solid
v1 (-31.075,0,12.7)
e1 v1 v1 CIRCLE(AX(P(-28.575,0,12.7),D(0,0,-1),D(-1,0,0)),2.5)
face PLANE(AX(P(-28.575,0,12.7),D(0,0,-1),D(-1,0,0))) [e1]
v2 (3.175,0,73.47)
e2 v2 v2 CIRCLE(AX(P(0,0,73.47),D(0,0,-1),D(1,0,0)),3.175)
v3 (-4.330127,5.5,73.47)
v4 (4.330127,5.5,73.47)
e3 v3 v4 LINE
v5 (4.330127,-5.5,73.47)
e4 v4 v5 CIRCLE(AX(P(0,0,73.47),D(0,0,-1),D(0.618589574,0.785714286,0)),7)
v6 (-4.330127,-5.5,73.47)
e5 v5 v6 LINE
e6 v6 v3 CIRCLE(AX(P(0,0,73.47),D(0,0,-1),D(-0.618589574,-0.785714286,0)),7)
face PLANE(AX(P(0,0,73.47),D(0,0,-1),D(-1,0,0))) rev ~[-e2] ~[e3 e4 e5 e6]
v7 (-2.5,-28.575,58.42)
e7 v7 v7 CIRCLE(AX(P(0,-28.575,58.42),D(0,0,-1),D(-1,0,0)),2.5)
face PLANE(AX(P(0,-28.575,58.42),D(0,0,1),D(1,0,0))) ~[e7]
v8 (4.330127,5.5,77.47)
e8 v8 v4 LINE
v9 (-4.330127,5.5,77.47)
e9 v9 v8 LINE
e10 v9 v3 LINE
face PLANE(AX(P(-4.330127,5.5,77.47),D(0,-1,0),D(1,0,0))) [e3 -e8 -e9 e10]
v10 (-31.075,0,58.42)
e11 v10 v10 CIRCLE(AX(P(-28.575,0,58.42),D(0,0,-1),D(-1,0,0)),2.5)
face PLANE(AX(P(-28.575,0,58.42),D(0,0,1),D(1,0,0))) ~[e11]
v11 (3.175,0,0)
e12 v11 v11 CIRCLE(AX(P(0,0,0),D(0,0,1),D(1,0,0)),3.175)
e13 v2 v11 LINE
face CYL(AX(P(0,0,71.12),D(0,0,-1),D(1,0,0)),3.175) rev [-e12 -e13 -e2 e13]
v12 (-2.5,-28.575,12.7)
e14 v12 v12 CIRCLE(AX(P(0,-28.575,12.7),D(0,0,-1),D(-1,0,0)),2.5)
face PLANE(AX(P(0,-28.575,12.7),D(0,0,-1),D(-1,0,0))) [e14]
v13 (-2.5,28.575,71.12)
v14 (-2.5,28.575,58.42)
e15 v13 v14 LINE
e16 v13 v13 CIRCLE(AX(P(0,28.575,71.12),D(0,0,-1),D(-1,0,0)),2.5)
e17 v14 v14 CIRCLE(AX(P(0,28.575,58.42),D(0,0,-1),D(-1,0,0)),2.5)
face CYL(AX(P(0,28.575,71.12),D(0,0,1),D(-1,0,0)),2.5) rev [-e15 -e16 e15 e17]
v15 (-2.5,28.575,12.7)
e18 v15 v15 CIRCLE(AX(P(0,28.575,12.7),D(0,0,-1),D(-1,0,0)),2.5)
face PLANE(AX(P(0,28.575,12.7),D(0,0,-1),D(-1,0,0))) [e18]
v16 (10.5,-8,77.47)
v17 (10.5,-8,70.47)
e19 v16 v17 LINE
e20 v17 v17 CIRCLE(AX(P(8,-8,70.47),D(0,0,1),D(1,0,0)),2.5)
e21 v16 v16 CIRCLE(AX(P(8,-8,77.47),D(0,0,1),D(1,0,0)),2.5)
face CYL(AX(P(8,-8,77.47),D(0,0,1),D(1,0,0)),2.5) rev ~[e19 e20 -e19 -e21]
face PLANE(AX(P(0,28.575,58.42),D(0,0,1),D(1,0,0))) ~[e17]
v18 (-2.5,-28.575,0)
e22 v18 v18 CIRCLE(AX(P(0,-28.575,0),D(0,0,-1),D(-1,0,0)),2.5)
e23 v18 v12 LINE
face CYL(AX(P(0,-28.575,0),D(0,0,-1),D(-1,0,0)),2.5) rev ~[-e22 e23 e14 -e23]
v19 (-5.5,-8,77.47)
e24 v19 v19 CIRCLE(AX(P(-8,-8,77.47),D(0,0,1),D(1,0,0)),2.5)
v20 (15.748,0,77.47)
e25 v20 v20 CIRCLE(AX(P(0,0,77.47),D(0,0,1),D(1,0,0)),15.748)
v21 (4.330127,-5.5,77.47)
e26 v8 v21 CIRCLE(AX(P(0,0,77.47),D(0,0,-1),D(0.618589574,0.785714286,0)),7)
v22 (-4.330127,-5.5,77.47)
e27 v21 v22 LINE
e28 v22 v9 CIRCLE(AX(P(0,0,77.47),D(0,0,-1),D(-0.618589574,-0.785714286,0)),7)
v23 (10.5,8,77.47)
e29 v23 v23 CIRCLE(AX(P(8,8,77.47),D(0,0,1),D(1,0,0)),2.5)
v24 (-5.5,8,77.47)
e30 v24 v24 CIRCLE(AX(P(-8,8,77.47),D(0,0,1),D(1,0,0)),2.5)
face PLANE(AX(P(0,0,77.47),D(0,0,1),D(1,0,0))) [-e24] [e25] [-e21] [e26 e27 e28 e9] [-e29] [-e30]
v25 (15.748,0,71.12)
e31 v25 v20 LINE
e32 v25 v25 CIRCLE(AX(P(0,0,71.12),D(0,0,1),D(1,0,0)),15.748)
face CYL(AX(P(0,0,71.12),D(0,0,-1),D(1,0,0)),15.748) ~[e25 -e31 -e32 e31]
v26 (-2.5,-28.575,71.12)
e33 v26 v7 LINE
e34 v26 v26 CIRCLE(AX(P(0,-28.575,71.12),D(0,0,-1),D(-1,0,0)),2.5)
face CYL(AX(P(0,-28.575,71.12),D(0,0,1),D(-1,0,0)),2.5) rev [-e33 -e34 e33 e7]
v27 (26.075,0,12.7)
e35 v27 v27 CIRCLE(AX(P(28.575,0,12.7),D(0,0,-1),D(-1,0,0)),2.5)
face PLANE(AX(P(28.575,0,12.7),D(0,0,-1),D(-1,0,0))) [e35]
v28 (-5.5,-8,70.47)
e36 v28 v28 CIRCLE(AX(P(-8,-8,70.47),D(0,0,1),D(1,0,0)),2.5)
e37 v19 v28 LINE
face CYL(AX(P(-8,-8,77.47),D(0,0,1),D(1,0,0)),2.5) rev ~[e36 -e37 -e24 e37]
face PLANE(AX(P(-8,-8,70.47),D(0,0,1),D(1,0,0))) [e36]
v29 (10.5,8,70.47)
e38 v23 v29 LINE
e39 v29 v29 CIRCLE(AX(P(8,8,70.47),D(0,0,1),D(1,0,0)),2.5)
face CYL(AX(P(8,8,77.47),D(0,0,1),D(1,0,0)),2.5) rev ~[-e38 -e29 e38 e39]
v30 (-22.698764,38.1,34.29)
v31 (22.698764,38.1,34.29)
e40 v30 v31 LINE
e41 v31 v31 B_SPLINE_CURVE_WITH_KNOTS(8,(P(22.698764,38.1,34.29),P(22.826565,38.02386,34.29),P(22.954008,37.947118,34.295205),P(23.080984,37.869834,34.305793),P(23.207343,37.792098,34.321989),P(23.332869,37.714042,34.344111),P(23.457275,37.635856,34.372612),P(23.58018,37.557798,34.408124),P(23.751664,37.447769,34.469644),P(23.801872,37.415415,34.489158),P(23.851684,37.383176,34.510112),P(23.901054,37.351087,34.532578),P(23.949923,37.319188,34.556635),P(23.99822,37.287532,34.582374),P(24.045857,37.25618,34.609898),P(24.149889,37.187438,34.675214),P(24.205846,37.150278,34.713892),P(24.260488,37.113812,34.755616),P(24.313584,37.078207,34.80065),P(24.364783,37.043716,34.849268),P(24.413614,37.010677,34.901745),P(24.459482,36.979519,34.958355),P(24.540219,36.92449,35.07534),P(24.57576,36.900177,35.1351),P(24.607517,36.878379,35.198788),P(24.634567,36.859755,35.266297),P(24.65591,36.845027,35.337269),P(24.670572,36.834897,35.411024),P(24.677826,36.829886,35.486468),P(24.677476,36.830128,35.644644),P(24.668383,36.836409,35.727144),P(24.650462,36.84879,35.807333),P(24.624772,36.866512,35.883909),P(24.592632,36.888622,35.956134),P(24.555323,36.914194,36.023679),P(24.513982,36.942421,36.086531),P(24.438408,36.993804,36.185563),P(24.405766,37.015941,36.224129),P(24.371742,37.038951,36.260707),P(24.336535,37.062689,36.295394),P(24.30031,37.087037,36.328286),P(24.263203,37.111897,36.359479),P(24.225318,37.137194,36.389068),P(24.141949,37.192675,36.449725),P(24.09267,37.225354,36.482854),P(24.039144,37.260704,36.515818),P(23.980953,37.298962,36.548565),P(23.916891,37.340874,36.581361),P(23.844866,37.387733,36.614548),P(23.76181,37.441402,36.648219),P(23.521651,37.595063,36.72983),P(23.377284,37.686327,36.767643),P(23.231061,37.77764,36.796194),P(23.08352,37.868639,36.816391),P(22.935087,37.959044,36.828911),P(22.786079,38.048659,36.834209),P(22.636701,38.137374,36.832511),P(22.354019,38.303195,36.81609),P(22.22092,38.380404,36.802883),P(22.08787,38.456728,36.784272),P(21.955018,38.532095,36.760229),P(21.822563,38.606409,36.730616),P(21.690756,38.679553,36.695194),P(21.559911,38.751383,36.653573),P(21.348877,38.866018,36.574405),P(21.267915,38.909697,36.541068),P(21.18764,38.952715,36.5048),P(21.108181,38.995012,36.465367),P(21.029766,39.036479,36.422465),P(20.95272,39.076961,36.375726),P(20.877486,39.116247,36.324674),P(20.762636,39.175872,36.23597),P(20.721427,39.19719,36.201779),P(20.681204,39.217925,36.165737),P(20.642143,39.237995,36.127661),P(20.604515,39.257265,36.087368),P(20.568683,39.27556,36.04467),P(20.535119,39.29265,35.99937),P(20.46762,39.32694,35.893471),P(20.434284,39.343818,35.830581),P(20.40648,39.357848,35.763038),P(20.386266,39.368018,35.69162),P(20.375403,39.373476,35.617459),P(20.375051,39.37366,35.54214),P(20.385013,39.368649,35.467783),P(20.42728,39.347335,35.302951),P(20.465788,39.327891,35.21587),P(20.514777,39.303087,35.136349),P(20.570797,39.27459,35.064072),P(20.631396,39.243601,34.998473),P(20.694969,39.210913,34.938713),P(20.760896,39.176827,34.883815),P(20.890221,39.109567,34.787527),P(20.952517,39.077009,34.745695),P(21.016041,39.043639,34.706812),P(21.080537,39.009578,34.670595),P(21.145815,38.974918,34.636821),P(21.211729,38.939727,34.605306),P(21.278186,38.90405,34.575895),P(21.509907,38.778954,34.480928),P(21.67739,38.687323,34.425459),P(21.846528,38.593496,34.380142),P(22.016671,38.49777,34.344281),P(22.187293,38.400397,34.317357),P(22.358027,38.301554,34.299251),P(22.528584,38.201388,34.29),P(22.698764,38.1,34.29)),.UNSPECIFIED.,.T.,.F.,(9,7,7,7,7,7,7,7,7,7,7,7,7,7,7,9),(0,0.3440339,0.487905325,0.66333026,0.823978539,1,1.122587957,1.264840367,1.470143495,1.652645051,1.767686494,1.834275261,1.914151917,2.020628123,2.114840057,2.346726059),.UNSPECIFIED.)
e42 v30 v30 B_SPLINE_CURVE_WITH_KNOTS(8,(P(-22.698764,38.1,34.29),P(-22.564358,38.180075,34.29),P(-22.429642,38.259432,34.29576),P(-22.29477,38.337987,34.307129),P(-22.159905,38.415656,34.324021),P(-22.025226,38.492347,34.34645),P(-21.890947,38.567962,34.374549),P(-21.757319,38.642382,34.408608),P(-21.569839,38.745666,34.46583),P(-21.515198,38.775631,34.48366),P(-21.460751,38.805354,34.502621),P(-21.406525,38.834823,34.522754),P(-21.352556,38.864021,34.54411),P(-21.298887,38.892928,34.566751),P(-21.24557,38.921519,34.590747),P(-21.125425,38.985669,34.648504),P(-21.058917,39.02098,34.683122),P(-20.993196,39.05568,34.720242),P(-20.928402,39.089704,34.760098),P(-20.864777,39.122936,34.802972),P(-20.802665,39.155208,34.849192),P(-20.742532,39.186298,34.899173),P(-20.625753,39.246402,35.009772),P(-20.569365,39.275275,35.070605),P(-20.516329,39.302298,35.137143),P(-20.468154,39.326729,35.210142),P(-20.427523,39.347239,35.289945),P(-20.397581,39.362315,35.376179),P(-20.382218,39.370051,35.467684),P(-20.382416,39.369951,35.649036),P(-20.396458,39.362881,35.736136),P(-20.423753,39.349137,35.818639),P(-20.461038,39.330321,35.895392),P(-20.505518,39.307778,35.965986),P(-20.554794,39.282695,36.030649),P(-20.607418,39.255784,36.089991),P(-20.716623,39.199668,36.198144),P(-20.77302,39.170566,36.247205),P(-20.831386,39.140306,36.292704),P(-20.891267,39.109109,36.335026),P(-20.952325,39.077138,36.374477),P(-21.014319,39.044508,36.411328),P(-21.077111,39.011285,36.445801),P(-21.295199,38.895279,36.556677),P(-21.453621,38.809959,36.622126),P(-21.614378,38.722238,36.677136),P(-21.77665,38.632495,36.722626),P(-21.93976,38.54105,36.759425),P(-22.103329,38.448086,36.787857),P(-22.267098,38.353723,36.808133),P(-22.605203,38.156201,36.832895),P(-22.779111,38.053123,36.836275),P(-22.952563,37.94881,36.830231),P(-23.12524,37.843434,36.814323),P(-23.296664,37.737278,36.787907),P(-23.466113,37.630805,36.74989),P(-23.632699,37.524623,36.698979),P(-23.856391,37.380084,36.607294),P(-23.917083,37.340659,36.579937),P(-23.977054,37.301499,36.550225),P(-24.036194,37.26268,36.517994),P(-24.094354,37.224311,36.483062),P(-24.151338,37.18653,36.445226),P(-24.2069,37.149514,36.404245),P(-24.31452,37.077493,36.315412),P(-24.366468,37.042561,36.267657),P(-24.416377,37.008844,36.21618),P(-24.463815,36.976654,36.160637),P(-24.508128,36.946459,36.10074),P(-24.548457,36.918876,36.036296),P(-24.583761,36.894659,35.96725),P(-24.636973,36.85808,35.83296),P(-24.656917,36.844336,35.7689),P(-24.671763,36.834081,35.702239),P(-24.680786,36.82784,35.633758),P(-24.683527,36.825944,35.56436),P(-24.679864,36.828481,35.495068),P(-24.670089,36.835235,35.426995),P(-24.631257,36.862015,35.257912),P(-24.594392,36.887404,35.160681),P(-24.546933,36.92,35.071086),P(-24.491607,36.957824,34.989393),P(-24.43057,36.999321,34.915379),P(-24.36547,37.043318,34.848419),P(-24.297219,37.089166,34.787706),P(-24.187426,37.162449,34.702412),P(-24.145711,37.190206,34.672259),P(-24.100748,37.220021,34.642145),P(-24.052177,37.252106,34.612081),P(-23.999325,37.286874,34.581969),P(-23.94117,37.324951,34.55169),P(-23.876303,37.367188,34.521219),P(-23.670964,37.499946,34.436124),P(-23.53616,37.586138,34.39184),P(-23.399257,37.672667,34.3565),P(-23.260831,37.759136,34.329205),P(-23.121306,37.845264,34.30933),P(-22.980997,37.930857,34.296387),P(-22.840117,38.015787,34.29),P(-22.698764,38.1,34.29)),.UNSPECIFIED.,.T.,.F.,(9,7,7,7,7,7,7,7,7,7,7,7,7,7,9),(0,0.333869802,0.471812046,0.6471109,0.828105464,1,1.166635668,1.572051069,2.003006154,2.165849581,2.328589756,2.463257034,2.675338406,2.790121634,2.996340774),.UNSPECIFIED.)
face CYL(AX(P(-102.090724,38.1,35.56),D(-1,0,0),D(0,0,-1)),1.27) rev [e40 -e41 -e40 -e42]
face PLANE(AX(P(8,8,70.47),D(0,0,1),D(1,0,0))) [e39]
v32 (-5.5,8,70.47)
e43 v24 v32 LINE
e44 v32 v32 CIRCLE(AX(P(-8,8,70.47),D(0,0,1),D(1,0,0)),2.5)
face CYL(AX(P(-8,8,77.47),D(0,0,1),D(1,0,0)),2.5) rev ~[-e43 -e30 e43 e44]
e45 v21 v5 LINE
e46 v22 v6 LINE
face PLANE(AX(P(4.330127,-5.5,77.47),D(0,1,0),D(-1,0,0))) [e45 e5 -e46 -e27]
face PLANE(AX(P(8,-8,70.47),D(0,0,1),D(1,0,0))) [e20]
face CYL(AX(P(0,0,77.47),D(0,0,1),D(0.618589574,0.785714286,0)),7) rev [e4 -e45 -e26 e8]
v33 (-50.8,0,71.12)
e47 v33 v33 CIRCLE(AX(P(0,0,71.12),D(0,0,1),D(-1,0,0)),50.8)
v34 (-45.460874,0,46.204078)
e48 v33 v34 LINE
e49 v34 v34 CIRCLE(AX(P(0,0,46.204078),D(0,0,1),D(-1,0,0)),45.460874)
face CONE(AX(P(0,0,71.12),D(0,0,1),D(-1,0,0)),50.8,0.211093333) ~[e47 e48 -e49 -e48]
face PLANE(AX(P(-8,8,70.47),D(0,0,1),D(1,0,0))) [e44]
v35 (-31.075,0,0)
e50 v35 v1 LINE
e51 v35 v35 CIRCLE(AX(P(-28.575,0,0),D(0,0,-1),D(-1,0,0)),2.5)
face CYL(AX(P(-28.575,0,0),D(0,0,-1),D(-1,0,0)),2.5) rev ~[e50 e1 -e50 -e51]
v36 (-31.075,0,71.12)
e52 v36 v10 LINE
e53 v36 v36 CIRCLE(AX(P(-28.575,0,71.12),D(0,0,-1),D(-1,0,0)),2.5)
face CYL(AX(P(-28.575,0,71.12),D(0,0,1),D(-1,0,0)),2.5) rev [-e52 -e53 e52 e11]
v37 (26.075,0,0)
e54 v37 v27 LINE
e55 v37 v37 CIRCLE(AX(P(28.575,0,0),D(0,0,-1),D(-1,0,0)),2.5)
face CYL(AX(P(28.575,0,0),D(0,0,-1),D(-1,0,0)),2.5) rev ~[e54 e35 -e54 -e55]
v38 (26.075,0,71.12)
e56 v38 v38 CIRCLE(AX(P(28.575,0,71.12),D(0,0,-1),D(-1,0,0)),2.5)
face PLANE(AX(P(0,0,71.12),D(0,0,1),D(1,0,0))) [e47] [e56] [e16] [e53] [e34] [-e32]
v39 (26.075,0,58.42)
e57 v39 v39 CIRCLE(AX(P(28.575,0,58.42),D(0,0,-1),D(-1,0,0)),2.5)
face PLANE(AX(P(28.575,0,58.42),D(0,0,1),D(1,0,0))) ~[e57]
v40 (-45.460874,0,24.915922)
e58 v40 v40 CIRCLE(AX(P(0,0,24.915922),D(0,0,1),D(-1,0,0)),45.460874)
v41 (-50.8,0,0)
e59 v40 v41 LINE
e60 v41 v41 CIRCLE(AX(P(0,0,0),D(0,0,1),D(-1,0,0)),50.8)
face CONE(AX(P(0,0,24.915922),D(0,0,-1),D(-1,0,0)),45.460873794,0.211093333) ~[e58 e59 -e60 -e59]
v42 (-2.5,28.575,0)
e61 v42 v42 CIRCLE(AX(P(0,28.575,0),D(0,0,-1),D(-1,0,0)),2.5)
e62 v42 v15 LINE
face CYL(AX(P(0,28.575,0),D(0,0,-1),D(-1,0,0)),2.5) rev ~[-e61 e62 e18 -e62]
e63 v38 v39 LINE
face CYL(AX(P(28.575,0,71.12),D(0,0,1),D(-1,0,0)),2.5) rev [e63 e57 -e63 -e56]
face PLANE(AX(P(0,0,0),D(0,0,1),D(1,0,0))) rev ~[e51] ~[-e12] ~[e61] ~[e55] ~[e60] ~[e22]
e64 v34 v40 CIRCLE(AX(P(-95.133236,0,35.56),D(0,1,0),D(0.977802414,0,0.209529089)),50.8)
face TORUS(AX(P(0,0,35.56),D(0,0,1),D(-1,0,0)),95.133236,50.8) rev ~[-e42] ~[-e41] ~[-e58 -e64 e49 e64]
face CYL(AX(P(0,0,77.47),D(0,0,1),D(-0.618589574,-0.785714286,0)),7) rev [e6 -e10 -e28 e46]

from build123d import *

# Parameters (mm, degrees)
SKETCH1_R               = 50.8
SKETCH1_R_2             = 3.175
BOSS_EXTRUDE1_DEPTH     = 71.12
CUT_EXTRUDE1_DEPTH      = 102.09072361
CUT_EXTRUDE1_DEPTH_BACK = 102.09072361
SKETCH2_R               = 1.27
SKETCH7_R               = 2.5
CUT_EXTRUDE4_DEPTH      = 12.7
SKETCH8_R               = 15.748
SKETCH8_R_2             = 3.175
BOSS_EXTRUDE2_DEPTH     = 6.35
CUT_EXTRUDE6_DEPTH      = 4
SKETCH6_R               = 2.5
CUT_EXTRUDE7_DEPTH      = 7


with BuildPart() as part:
    # Sketch1 → Boss-Extrude1 (new body)
    with BuildSketch(Plane.XY):
        Circle(SKETCH1_R)
        Circle(SKETCH1_R_2, mode=Mode.SUBTRACT)
    extrude(amount=BOSS_EXTRUDE1_DEPTH)

    # Sketch2 → Cut-Extrude1 (cut, two sides: drawn at the far end of the back side and taken through both)
    with BuildSketch(Plane(origin=(0, 0, 0), x_dir=(0, 0, -1), z_dir=(1, 0, 0)).offset(-CUT_EXTRUDE1_DEPTH_BACK)):
        with Locations((-35.56, 38.1)):
            Circle(SKETCH2_R)
    extrude(amount=CUT_EXTRUDE1_DEPTH + CUT_EXTRUDE1_DEPTH_BACK, mode=Mode.SUBTRACT)

    # Sketch7 → Cut-Extrude4 (cut)
    with BuildSketch(Plane(origin=(0, 0, 0), x_dir=(-1, 0, 0), z_dir=(0, 0, -1))):
        with Locations((28.575, 0)):
            Circle(SKETCH7_R)
        with Locations((0, 28.575)):
            Circle(SKETCH7_R)
        with Locations((-28.575, 0)):
            Circle(SKETCH7_R)
        with Locations((0, -28.575)):
            Circle(SKETCH7_R)
    cut_extrude4 = extrude(amount=-CUT_EXTRUDE4_DEPTH, mode=Mode.SUBTRACT)

    # Mirror1: Cut-Extrude4 across plane
    add(cut_extrude4.mirror(Plane.XY.offset(35.56)), mode=Mode.SUBTRACT)

    # Sketch8 → Boss-Extrude2 (add)
    with BuildSketch(Plane.XY.offset(71.12)):
        Circle(SKETCH8_R)
        Circle(SKETCH8_R_2, mode=Mode.SUBTRACT)
    extrude(amount=BOSS_EXTRUDE2_DEPTH)

    # Sketch5 → Cut-Extrude6 (cut)
    with BuildSketch(Plane.XY.offset(77.47)):
        with BuildLine():
            Line((-4.330127019, 5.5), (4.330127019, 5.5))
            ThreePointArc((4.330127019, 5.5), (7, 0), (4.330127019, -5.5))
            Line((4.330127019, -5.5), (-4.330127019, -5.5))
            ThreePointArc((-4.330127019, -5.5), (-7, 0), (-4.330127019, 5.5))
        make_face()
    extrude(amount=-CUT_EXTRUDE6_DEPTH, mode=Mode.SUBTRACT)

    # Sketch6 → Cut-Extrude7 (cut)
    with BuildSketch(Plane.XY.offset(77.47)):
        with Locations((-8, 8)):
            Circle(SKETCH6_R)
        with Locations((8, 8)):
            Circle(SKETCH6_R)
        with Locations((8, -8)):
            Circle(SKETCH6_R)
        with Locations((-8, -8)):
            Circle(SKETCH6_R)
    extrude(amount=-CUT_EXTRUDE7_DEPTH, mode=Mode.SUBTRACT)

    # Sketch9 → Cut-Revolve1 (revolve, cut)
    with BuildSketch(Plane(origin=(0, 0, 0), x_dir=(0, 0, -1), z_dir=(1, 0, 0)), mode=Mode.PRIVATE) as cut_revolve1_sk:
        with BuildLine():
            Line((-71.12, 50.8), (-46.204077708, 45.460873794))
            ThreePointArc((-46.204077708, 45.460873794), (-35.56, 44.33323643), (-24.915922292, 45.460873794))
            Line((-24.915922292, 45.460873794), (0, 50.8))
            Line((0, 50.8), (-71.12, 50.8))
        make_face()
    revolve(cut_revolve1_sk.sketch.rotate(Axis((0, 0, -3.8735), (0, 0, 1)), 90), axis=Axis((0, 0, -3.8735), (0, 0, 1)), mode=Mode.SUBTRACT)


solid = part.part
